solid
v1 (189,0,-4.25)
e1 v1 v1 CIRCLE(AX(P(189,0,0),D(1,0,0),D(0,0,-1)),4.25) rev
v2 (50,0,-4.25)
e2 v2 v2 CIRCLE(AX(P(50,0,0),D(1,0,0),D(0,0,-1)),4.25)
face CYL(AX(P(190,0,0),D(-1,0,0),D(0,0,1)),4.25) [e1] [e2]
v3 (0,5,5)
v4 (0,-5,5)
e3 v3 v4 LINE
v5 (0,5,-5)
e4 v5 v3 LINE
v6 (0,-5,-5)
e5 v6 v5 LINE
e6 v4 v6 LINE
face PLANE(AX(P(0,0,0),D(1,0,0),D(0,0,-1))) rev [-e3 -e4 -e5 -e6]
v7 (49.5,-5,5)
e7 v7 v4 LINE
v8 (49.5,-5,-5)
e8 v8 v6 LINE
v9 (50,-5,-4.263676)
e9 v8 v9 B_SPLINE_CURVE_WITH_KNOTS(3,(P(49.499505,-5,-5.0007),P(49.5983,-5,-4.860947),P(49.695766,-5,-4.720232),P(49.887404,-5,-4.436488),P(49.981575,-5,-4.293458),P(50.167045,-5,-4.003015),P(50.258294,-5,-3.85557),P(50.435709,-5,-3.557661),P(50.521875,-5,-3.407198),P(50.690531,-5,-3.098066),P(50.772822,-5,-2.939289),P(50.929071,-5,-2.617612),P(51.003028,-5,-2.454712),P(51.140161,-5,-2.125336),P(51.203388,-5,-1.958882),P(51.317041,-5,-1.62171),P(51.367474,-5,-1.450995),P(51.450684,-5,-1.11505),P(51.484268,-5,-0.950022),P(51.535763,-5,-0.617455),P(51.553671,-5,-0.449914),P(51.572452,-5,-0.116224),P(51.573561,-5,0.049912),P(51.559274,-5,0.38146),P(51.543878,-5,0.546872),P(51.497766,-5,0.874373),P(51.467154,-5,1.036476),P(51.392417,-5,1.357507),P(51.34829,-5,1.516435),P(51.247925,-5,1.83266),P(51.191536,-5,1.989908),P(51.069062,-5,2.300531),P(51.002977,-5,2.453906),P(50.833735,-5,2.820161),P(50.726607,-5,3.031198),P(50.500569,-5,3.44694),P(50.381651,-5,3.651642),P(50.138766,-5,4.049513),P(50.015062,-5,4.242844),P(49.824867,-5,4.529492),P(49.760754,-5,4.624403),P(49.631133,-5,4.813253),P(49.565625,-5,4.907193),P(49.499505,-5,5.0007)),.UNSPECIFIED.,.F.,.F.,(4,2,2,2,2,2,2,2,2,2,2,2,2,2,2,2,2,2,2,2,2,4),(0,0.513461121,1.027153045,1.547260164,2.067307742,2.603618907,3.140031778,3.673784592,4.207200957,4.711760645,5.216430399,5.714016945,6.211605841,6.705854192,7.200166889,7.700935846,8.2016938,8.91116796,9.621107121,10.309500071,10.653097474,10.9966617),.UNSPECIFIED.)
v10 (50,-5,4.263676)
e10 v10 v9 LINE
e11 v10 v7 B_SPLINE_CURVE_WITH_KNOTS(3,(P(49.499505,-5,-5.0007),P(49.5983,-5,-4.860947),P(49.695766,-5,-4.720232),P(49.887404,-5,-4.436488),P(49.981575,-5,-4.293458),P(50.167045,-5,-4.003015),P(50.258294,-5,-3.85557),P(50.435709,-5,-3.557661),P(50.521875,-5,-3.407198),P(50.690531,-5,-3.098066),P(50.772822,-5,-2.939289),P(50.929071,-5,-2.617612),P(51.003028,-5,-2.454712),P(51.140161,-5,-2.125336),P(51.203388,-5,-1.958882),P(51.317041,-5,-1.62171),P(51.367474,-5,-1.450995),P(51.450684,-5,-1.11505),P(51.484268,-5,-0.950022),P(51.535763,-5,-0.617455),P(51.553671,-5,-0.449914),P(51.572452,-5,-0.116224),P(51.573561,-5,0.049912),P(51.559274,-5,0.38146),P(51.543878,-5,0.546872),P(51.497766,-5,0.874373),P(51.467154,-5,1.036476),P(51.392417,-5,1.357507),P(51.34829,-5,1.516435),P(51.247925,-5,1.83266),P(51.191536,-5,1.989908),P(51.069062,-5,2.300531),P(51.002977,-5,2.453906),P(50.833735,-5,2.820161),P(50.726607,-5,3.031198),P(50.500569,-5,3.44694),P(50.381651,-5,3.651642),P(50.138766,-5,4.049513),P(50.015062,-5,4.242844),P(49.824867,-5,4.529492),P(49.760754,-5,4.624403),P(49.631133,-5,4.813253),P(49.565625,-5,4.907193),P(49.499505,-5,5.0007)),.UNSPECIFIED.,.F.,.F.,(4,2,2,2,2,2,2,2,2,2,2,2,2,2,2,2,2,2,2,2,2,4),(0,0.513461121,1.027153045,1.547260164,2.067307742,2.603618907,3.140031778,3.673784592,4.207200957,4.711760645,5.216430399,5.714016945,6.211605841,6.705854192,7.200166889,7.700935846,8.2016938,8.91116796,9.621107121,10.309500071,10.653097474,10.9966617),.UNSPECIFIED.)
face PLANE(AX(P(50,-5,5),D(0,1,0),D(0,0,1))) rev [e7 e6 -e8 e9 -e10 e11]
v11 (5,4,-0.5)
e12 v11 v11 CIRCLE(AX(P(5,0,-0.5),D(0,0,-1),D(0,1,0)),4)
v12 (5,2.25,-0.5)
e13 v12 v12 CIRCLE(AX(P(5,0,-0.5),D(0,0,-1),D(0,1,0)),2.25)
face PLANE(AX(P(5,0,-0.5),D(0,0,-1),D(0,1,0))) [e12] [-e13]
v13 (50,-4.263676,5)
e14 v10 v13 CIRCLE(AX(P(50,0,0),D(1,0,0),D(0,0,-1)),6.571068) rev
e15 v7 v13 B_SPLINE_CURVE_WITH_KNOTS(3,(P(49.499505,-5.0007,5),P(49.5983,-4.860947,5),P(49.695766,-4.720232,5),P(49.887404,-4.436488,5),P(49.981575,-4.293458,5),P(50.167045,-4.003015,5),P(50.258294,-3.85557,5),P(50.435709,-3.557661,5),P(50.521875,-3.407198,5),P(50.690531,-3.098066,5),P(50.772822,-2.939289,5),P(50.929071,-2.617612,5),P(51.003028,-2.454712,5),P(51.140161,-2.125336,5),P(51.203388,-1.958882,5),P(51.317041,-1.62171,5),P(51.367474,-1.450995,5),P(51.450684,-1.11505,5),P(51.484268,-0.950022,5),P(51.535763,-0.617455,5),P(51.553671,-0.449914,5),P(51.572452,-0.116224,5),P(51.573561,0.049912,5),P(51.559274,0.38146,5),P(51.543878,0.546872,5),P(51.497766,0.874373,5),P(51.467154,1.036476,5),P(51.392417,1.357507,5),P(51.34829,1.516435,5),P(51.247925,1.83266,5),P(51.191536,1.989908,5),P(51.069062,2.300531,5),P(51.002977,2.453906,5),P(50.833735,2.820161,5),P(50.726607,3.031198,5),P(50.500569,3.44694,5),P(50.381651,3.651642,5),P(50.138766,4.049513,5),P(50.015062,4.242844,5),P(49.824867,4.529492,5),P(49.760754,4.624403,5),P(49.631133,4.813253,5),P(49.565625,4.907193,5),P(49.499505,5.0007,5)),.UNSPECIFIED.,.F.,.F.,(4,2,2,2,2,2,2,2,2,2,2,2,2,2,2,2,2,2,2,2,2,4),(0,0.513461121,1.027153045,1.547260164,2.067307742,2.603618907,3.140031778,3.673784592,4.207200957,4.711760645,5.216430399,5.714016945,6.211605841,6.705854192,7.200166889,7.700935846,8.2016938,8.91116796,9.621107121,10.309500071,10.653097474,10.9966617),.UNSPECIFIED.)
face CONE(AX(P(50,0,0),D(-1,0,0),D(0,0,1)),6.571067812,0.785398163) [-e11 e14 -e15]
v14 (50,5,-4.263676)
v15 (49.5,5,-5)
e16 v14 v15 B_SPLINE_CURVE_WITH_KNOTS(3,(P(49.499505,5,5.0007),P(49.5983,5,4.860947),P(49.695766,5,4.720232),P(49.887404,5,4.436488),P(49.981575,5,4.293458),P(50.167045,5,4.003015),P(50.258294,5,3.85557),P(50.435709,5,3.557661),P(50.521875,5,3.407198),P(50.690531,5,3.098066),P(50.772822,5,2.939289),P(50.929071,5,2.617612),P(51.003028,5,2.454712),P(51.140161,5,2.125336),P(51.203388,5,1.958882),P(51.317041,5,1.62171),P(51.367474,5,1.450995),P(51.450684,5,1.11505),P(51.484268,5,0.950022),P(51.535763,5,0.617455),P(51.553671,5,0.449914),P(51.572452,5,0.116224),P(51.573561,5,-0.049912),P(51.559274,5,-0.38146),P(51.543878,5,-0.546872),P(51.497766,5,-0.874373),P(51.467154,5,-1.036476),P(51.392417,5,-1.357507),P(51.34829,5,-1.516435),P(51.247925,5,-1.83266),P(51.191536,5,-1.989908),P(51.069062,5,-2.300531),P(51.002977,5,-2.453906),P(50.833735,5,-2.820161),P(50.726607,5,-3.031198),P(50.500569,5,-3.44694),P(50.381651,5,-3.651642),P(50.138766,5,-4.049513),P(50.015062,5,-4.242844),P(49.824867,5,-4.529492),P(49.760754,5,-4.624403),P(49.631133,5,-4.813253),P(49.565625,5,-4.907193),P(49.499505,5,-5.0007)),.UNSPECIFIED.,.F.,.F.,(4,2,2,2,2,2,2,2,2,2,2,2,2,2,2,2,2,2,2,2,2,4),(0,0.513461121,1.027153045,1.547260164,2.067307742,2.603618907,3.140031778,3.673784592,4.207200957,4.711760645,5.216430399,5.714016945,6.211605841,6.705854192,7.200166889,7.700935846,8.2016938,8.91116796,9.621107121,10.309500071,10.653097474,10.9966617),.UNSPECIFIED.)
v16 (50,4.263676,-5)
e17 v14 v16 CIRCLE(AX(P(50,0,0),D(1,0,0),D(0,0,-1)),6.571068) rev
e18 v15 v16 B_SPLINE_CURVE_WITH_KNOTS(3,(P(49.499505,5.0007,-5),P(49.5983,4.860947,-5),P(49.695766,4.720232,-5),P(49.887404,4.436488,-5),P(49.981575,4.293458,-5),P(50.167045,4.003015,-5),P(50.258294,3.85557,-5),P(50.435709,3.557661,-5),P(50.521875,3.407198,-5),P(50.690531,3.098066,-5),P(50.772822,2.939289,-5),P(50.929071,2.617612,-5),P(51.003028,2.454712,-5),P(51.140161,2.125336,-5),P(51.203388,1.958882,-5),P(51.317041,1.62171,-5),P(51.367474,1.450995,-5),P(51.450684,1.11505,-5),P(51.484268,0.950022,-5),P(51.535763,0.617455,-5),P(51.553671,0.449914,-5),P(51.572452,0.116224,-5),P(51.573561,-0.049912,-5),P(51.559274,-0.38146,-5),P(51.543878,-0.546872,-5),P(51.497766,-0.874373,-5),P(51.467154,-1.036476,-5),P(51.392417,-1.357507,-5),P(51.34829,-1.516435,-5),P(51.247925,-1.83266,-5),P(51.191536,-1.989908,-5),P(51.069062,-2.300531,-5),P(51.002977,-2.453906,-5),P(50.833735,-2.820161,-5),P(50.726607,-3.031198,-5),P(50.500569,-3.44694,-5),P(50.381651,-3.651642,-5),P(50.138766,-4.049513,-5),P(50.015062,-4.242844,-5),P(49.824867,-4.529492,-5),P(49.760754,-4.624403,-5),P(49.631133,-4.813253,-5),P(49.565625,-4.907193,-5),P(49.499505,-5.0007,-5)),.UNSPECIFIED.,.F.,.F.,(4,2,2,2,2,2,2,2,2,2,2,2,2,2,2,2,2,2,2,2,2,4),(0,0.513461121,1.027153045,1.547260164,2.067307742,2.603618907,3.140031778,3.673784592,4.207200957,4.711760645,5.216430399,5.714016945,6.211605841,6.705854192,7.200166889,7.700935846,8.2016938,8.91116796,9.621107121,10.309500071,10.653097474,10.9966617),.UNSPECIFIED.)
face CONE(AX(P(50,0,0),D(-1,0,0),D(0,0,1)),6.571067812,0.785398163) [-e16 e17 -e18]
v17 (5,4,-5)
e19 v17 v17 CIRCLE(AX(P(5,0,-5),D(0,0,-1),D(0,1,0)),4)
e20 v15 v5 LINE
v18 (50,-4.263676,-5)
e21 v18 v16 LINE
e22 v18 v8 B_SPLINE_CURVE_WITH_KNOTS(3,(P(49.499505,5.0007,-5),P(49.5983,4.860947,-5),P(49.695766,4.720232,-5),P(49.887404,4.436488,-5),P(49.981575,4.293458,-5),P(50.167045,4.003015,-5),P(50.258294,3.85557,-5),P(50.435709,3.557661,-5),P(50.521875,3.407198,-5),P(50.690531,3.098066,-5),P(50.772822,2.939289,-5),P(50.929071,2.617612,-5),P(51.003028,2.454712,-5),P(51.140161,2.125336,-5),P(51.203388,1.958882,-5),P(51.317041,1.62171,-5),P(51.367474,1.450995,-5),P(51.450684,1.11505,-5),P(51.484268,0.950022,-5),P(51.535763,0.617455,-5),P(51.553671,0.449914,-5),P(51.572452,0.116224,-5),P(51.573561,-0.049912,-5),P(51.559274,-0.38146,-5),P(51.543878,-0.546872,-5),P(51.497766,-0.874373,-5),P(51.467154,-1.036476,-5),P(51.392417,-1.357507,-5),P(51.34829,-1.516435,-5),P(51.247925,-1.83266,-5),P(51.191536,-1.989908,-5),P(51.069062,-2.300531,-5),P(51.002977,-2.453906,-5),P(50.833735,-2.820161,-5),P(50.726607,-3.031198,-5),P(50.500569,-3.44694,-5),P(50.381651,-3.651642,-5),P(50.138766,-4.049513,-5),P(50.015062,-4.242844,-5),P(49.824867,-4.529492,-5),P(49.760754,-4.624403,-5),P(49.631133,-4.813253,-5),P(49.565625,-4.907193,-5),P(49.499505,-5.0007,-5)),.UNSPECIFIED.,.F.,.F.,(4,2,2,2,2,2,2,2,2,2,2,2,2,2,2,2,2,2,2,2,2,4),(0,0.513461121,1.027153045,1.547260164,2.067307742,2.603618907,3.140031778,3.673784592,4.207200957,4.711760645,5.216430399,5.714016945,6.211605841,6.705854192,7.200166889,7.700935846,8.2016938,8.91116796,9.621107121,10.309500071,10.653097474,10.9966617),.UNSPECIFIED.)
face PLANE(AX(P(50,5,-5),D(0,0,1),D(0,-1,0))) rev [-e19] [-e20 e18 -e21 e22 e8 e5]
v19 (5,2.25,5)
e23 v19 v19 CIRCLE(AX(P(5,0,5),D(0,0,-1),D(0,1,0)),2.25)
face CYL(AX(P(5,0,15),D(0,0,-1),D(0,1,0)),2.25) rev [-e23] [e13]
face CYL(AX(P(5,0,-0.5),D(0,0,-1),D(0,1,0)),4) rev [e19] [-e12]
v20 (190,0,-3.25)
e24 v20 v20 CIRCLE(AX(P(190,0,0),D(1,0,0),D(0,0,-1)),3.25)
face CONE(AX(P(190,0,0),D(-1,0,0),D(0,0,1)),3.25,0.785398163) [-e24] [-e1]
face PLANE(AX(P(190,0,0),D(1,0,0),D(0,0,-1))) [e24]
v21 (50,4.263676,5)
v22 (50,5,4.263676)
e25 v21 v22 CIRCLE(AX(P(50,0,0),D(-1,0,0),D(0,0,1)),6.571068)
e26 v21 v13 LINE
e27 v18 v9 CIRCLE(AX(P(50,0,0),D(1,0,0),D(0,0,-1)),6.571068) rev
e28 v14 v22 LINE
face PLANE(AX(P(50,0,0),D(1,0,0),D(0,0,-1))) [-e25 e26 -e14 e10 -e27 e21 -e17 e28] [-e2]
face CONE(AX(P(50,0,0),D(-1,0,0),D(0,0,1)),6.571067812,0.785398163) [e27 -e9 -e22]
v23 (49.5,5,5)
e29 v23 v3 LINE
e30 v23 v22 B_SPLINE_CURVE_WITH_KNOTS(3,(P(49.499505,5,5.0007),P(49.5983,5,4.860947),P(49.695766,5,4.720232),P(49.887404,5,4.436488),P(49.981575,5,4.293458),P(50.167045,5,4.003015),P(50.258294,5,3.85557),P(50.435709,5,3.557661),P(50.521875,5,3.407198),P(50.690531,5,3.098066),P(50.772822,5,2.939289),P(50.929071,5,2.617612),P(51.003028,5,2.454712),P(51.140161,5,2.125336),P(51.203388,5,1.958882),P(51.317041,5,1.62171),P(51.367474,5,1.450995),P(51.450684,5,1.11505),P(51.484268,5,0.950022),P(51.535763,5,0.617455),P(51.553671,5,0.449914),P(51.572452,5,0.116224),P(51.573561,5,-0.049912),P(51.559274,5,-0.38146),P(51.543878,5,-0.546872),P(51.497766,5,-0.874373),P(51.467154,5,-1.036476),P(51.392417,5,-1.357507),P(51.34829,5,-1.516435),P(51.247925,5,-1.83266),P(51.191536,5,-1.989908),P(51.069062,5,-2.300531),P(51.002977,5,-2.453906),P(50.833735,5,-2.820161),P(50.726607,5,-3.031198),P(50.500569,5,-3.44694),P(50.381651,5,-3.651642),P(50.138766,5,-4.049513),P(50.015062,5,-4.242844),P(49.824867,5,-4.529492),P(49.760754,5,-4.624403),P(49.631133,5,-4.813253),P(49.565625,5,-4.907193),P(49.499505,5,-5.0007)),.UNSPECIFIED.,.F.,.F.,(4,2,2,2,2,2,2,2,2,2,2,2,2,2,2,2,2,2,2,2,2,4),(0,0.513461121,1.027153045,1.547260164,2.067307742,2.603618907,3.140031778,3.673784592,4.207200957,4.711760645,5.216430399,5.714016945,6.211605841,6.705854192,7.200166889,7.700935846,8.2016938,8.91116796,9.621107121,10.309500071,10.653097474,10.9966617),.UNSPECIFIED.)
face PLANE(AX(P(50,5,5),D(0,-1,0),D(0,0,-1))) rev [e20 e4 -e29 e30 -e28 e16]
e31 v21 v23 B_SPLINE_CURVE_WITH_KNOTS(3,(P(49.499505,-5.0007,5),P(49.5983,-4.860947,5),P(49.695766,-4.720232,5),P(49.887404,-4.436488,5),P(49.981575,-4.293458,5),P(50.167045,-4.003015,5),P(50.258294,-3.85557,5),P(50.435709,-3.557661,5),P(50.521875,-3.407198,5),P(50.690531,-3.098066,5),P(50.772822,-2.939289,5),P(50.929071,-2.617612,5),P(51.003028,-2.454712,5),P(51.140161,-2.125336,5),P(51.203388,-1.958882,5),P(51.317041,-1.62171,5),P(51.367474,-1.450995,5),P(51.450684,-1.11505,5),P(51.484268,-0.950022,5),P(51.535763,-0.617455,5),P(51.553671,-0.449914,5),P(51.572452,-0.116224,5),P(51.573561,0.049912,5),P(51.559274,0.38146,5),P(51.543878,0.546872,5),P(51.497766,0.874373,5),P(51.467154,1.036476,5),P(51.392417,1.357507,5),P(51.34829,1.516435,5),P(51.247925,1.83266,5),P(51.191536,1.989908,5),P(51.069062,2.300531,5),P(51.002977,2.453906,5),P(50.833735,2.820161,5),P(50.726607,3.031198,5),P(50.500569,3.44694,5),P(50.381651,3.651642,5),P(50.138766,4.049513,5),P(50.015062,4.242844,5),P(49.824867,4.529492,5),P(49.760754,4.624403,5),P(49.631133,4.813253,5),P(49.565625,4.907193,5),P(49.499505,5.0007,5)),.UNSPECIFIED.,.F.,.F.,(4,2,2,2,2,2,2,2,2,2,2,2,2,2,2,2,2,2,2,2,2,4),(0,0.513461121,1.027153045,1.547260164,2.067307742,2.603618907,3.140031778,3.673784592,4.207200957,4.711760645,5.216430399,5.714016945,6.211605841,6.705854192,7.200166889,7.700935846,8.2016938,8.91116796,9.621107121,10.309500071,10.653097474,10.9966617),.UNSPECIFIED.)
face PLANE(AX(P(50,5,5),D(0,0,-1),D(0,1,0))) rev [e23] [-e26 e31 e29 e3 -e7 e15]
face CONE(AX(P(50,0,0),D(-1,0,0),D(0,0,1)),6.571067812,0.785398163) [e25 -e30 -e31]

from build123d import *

# Parameters (mm, degrees)
SKETCH1_W           = 10
SKETCH1_H           = 10
BOSS_EXTRUDE1_DEPTH = 50
SKETCH3_R           = 4.25
BOSS_EXTRUDE2_DEPTH = 140
CHAMFER1_SIZE       = 1
SKETCH7_R           = 4
CUT_EXTRUDE3_DEPTH  = 4.5
SKETCH7_5_R         = 2.25
CUT_EXTRUDE4_DEPTH  = 20


with BuildPart() as part:
    # Sketch1 → Boss-Extrude1 (new body)
    with BuildSketch(Plane(origin=(0, 0, 0), x_dir=(0, 0, -1), z_dir=(1, 0, 0))):
        Rectangle(SKETCH1_W, SKETCH1_H)
    extrude(amount=BOSS_EXTRUDE1_DEPTH)

    # Sketch3 → Boss-Extrude2 (add)
    with BuildSketch(Plane(origin=(50, 0, 0), x_dir=(0, 0, -1), z_dir=(1, 0, 0))):
        Circle(SKETCH3_R)
    extrude(amount=BOSS_EXTRUDE2_DEPTH)

    # Chamfer1
    chamfer1_edges = [part.edges().sort_by_distance(p)[0] for p in [
        (190, 0, 4.25),
    ]]
    chamfer(chamfer1_edges, length=CHAMFER1_SIZE)

    # Sketch5 → Cut-Revolve1 (revolve, cut)
    with BuildSketch(Plane(origin=(0, 0, 0), x_dir=(-1, 0, 0), z_dir=(0, -0.7071067811865476, -0.7071067811865476))):
        Polygon((-50, 7.071067812), (-50, 6.571067812), (-49.5, 7.071067812), align=None)
    revolve(axis=Axis((-14.523088714, 0, 0), (1, 0, 0)), mode=Mode.SUBTRACT)

    # Sketch7 → Cut-Extrude3 (cut)
    with BuildSketch(Plane(origin=(0, 0, -5), x_dir=(-1, 0, 0), z_dir=(0, 0, -1))):
        with Locations((-5, 0)):
            Circle(SKETCH7_R)
    extrude(amount=-CUT_EXTRUDE3_DEPTH, mode=Mode.SUBTRACT)

    # Sketch7<5> → Cut-Extrude4 (cut)
    with BuildSketch(Plane(origin=(0, 0, -5), x_dir=(-1, 0, 0), z_dir=(0, 0, -1))):
        with Locations((-5, 0)):
            Circle(SKETCH7_5_R)
    extrude(amount=-CUT_EXTRUDE4_DEPTH, mode=Mode.SUBTRACT)


solid = part.part
